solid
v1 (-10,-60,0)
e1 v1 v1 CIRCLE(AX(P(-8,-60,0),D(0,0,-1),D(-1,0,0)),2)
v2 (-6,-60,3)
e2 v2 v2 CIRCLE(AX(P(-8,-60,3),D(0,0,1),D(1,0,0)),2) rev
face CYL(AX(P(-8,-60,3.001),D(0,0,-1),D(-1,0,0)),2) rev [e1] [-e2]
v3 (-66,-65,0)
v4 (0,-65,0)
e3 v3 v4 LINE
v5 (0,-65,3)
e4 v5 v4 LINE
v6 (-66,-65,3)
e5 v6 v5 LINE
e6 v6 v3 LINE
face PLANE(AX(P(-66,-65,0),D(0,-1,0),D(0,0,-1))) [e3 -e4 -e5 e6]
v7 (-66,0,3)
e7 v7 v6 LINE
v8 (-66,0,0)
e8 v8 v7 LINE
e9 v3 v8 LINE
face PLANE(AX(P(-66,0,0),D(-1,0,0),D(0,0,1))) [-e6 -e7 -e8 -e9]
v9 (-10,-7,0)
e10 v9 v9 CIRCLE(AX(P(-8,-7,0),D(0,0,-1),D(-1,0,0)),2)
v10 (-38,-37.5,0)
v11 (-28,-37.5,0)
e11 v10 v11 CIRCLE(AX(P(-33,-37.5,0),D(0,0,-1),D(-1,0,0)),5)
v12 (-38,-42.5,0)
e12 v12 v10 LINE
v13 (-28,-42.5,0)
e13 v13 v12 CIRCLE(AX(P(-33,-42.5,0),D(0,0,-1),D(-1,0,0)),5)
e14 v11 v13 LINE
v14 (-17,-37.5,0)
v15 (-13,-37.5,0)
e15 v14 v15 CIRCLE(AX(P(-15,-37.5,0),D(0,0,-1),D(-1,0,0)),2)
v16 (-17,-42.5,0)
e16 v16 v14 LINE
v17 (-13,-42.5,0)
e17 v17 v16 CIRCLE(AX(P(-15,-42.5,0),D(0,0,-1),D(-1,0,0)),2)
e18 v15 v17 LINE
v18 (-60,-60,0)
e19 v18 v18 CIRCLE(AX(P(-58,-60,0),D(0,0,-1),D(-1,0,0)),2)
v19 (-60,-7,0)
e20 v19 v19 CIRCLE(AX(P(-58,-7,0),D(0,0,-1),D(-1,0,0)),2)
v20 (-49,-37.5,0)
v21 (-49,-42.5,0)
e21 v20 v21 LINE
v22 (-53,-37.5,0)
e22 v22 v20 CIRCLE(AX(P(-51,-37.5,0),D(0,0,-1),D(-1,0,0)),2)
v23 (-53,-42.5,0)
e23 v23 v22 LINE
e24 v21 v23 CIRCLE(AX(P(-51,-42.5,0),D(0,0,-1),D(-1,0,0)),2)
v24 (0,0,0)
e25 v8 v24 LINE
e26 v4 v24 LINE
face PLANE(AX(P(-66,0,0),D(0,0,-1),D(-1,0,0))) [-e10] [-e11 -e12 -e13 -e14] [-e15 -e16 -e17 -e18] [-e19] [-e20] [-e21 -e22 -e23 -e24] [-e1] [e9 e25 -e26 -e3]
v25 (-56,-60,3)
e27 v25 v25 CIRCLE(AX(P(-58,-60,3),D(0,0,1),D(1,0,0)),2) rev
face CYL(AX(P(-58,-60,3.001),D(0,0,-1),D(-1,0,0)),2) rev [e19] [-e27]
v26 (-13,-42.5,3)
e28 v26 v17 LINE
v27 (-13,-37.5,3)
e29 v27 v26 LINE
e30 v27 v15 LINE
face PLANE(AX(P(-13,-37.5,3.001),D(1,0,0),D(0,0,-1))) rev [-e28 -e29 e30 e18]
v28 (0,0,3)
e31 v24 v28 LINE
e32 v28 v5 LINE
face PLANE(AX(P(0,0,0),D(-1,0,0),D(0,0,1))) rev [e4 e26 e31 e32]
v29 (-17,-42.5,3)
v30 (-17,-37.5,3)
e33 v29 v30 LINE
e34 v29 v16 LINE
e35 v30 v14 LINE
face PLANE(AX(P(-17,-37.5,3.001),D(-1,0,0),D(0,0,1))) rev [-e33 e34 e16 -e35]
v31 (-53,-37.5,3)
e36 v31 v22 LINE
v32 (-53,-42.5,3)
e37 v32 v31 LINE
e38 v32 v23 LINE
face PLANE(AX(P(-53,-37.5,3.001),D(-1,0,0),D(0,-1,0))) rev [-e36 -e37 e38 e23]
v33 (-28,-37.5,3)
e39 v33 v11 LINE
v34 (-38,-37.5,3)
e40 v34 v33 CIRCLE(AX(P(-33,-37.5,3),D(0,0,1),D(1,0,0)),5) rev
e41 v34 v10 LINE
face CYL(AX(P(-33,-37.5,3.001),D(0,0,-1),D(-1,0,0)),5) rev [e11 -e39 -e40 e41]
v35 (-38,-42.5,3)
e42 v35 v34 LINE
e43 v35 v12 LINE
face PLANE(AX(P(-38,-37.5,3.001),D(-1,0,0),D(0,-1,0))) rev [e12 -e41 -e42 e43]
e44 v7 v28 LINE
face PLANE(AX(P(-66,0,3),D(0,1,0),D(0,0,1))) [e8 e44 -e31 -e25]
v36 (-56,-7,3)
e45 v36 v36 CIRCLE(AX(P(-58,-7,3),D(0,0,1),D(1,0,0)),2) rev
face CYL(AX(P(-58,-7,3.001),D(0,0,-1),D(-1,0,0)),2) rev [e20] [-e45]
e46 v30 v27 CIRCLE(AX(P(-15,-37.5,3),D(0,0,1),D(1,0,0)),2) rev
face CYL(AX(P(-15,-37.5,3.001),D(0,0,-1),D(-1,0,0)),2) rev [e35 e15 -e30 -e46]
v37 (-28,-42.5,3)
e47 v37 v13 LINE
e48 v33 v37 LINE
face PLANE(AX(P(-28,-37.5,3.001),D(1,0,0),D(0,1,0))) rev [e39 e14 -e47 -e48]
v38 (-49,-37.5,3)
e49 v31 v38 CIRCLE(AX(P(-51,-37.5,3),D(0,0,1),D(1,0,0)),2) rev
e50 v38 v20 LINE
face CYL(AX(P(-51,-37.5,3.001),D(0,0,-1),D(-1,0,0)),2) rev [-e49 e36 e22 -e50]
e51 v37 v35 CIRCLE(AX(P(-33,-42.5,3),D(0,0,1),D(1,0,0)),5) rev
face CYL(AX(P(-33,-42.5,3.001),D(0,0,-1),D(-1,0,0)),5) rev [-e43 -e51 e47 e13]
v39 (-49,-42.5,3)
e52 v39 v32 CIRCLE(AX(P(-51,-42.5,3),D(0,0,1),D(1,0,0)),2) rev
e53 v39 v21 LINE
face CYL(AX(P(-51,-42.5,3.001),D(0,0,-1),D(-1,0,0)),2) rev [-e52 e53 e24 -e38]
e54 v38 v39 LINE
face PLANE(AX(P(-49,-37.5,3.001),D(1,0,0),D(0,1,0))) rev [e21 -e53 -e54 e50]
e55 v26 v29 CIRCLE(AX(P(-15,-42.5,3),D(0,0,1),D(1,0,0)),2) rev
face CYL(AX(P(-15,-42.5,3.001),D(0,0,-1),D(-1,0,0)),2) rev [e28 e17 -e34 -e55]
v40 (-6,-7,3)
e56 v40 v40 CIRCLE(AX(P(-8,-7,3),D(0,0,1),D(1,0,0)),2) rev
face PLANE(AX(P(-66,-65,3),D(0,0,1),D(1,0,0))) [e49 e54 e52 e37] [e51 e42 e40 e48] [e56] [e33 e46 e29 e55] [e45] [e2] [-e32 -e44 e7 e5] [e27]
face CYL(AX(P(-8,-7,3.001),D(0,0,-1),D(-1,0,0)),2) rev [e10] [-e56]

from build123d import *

# Parameters (mm, degrees)
SKETCH1_W           = 3
SKETCH1_H           = 65
BOSS_EXTRUDE1_DEPTH = 66
CUT_EXTRUDE3_REACH  = 5
SKETCH5_R           = 2


with BuildPart() as part:
    # Sketch1 → Boss-Extrude1 (new body)
    with BuildSketch(Plane(origin=(0, 0, 0), x_dir=(0, 0, -1), z_dir=(1, 0, 0))):
        with Locations((-1.5, -32.5)):
            Rectangle(SKETCH1_W, SKETCH1_H)
    extrude(amount=-BOSS_EXTRUDE1_DEPTH)

    # Sketch5 → Cut-Extrude3 (cut, up to next)
    with BuildSketch(Plane(origin=(0, 0, 0), x_dir=(-1, 0, 0), z_dir=(0, 0, -1)), mode=Mode.PRIVATE) as cut_extrude3_sk1:
        with Locations((8, -7)):
            Circle(SKETCH5_R)
    cut_extrude3_tool1 = extrude(cut_extrude3_sk1.sketch, amount=-CUT_EXTRUDE3_REACH, mode=Mode.PRIVATE) & part.part
    add(cut_extrude3_tool1.solids().sort_by_distance((-8, -7, 0))[0], mode=Mode.SUBTRACT)
    # Sketch5 → Cut-Extrude3 (cut, up to next)
    with BuildSketch(Plane(origin=(0, 0, 0), x_dir=(-1, 0, 0), z_dir=(0, 0, -1)), mode=Mode.PRIVATE) as cut_extrude3_sk2:
        with Locations((58, -7)):
            Circle(SKETCH5_R)
    cut_extrude3_tool2 = extrude(cut_extrude3_sk2.sketch, amount=-CUT_EXTRUDE3_REACH, mode=Mode.PRIVATE) & part.part
    add(cut_extrude3_tool2.solids().sort_by_distance((-58, -7, 0))[0], mode=Mode.SUBTRACT)
    # Sketch5 → Cut-Extrude3 (cut, up to next)
    with BuildSketch(Plane(origin=(0, 0, 0), x_dir=(-1, 0, 0), z_dir=(0, 0, -1)), mode=Mode.PRIVATE) as cut_extrude3_sk3:
        with Locations((8, -60)):
            Circle(SKETCH5_R)
    cut_extrude3_tool3 = extrude(cut_extrude3_sk3.sketch, amount=-CUT_EXTRUDE3_REACH, mode=Mode.PRIVATE) & part.part
    add(cut_extrude3_tool3.solids().sort_by_distance((-8, -60, 0))[0], mode=Mode.SUBTRACT)
    # Sketch5 → Cut-Extrude3 (cut, up to next)
    with BuildSketch(Plane(origin=(0, 0, 0), x_dir=(-1, 0, 0), z_dir=(0, 0, -1)), mode=Mode.PRIVATE) as cut_extrude3_sk4:
        with Locations((58, -60)):
            Circle(SKETCH5_R)
    cut_extrude3_tool4 = extrude(cut_extrude3_sk4.sketch, amount=-CUT_EXTRUDE3_REACH, mode=Mode.PRIVATE) & part.part
    add(cut_extrude3_tool4.solids().sort_by_distance((-58, -60, 0))[0], mode=Mode.SUBTRACT)
    # Sketch5 → Cut-Extrude3 (cut, up to next)
    with BuildSketch(Plane(origin=(0, 0, 0), x_dir=(-1, 0, 0), z_dir=(0, 0, -1)), mode=Mode.PRIVATE) as cut_extrude3_sk5:
        with BuildLine():
            Line((38, -37.5), (38, -42.5))
            ThreePointArc((38, -42.5), (33, -47.5), (28, -42.5))
            Line((28, -42.5), (28, -37.5))
            ThreePointArc((28, -37.5), (33, -32.5), (38, -37.5))
        make_face()
    cut_extrude3_tool5 = extrude(cut_extrude3_sk5.sketch, amount=-CUT_EXTRUDE3_REACH, mode=Mode.PRIVATE) & part.part
    add(cut_extrude3_tool5.solids().sort_by_distance((-33, -40, 0))[0], mode=Mode.SUBTRACT)
    # Sketch5 → Cut-Extrude3 (cut, up to next)
    with BuildSketch(Plane(origin=(0, 0, 0), x_dir=(-1, 0, 0), z_dir=(0, 0, -1)), mode=Mode.PRIVATE) as cut_extrude3_sk6:
        with BuildLine():
            Line((17, -37.5), (17, -42.5))
            ThreePointArc((17, -42.5), (15, -44.5), (13, -42.5))
            Line((13, -42.5), (13, -37.5))
            ThreePointArc((13, -37.5), (15, -35.5), (17, -37.5))
        make_face()
    cut_extrude3_tool6 = extrude(cut_extrude3_sk6.sketch, amount=-CUT_EXTRUDE3_REACH, mode=Mode.PRIVATE) & part.part
    add(cut_extrude3_tool6.solids().sort_by_distance((-15, -40, 0))[0], mode=Mode.SUBTRACT)
    # Sketch5 → Cut-Extrude3 (cut, up to next)
    with BuildSketch(Plane(origin=(0, 0, 0), x_dir=(-1, 0, 0), z_dir=(0, 0, -1)), mode=Mode.PRIVATE) as cut_extrude3_sk7:
        with BuildLine():
            Line((53, -37.5), (53, -42.5))
            ThreePointArc((53, -42.5), (51, -44.5), (49, -42.5))
            Line((49, -42.5), (49, -37.5))
            ThreePointArc((49, -37.5), (51, -35.5), (53, -37.5))
        make_face()
    cut_extrude3_tool7 = extrude(cut_extrude3_sk7.sketch, amount=-CUT_EXTRUDE3_REACH, mode=Mode.PRIVATE) & part.part
    add(cut_extrude3_tool7.solids().sort_by_distance((-51, -40, 0))[0], mode=Mode.SUBTRACT)


solid = part.part
